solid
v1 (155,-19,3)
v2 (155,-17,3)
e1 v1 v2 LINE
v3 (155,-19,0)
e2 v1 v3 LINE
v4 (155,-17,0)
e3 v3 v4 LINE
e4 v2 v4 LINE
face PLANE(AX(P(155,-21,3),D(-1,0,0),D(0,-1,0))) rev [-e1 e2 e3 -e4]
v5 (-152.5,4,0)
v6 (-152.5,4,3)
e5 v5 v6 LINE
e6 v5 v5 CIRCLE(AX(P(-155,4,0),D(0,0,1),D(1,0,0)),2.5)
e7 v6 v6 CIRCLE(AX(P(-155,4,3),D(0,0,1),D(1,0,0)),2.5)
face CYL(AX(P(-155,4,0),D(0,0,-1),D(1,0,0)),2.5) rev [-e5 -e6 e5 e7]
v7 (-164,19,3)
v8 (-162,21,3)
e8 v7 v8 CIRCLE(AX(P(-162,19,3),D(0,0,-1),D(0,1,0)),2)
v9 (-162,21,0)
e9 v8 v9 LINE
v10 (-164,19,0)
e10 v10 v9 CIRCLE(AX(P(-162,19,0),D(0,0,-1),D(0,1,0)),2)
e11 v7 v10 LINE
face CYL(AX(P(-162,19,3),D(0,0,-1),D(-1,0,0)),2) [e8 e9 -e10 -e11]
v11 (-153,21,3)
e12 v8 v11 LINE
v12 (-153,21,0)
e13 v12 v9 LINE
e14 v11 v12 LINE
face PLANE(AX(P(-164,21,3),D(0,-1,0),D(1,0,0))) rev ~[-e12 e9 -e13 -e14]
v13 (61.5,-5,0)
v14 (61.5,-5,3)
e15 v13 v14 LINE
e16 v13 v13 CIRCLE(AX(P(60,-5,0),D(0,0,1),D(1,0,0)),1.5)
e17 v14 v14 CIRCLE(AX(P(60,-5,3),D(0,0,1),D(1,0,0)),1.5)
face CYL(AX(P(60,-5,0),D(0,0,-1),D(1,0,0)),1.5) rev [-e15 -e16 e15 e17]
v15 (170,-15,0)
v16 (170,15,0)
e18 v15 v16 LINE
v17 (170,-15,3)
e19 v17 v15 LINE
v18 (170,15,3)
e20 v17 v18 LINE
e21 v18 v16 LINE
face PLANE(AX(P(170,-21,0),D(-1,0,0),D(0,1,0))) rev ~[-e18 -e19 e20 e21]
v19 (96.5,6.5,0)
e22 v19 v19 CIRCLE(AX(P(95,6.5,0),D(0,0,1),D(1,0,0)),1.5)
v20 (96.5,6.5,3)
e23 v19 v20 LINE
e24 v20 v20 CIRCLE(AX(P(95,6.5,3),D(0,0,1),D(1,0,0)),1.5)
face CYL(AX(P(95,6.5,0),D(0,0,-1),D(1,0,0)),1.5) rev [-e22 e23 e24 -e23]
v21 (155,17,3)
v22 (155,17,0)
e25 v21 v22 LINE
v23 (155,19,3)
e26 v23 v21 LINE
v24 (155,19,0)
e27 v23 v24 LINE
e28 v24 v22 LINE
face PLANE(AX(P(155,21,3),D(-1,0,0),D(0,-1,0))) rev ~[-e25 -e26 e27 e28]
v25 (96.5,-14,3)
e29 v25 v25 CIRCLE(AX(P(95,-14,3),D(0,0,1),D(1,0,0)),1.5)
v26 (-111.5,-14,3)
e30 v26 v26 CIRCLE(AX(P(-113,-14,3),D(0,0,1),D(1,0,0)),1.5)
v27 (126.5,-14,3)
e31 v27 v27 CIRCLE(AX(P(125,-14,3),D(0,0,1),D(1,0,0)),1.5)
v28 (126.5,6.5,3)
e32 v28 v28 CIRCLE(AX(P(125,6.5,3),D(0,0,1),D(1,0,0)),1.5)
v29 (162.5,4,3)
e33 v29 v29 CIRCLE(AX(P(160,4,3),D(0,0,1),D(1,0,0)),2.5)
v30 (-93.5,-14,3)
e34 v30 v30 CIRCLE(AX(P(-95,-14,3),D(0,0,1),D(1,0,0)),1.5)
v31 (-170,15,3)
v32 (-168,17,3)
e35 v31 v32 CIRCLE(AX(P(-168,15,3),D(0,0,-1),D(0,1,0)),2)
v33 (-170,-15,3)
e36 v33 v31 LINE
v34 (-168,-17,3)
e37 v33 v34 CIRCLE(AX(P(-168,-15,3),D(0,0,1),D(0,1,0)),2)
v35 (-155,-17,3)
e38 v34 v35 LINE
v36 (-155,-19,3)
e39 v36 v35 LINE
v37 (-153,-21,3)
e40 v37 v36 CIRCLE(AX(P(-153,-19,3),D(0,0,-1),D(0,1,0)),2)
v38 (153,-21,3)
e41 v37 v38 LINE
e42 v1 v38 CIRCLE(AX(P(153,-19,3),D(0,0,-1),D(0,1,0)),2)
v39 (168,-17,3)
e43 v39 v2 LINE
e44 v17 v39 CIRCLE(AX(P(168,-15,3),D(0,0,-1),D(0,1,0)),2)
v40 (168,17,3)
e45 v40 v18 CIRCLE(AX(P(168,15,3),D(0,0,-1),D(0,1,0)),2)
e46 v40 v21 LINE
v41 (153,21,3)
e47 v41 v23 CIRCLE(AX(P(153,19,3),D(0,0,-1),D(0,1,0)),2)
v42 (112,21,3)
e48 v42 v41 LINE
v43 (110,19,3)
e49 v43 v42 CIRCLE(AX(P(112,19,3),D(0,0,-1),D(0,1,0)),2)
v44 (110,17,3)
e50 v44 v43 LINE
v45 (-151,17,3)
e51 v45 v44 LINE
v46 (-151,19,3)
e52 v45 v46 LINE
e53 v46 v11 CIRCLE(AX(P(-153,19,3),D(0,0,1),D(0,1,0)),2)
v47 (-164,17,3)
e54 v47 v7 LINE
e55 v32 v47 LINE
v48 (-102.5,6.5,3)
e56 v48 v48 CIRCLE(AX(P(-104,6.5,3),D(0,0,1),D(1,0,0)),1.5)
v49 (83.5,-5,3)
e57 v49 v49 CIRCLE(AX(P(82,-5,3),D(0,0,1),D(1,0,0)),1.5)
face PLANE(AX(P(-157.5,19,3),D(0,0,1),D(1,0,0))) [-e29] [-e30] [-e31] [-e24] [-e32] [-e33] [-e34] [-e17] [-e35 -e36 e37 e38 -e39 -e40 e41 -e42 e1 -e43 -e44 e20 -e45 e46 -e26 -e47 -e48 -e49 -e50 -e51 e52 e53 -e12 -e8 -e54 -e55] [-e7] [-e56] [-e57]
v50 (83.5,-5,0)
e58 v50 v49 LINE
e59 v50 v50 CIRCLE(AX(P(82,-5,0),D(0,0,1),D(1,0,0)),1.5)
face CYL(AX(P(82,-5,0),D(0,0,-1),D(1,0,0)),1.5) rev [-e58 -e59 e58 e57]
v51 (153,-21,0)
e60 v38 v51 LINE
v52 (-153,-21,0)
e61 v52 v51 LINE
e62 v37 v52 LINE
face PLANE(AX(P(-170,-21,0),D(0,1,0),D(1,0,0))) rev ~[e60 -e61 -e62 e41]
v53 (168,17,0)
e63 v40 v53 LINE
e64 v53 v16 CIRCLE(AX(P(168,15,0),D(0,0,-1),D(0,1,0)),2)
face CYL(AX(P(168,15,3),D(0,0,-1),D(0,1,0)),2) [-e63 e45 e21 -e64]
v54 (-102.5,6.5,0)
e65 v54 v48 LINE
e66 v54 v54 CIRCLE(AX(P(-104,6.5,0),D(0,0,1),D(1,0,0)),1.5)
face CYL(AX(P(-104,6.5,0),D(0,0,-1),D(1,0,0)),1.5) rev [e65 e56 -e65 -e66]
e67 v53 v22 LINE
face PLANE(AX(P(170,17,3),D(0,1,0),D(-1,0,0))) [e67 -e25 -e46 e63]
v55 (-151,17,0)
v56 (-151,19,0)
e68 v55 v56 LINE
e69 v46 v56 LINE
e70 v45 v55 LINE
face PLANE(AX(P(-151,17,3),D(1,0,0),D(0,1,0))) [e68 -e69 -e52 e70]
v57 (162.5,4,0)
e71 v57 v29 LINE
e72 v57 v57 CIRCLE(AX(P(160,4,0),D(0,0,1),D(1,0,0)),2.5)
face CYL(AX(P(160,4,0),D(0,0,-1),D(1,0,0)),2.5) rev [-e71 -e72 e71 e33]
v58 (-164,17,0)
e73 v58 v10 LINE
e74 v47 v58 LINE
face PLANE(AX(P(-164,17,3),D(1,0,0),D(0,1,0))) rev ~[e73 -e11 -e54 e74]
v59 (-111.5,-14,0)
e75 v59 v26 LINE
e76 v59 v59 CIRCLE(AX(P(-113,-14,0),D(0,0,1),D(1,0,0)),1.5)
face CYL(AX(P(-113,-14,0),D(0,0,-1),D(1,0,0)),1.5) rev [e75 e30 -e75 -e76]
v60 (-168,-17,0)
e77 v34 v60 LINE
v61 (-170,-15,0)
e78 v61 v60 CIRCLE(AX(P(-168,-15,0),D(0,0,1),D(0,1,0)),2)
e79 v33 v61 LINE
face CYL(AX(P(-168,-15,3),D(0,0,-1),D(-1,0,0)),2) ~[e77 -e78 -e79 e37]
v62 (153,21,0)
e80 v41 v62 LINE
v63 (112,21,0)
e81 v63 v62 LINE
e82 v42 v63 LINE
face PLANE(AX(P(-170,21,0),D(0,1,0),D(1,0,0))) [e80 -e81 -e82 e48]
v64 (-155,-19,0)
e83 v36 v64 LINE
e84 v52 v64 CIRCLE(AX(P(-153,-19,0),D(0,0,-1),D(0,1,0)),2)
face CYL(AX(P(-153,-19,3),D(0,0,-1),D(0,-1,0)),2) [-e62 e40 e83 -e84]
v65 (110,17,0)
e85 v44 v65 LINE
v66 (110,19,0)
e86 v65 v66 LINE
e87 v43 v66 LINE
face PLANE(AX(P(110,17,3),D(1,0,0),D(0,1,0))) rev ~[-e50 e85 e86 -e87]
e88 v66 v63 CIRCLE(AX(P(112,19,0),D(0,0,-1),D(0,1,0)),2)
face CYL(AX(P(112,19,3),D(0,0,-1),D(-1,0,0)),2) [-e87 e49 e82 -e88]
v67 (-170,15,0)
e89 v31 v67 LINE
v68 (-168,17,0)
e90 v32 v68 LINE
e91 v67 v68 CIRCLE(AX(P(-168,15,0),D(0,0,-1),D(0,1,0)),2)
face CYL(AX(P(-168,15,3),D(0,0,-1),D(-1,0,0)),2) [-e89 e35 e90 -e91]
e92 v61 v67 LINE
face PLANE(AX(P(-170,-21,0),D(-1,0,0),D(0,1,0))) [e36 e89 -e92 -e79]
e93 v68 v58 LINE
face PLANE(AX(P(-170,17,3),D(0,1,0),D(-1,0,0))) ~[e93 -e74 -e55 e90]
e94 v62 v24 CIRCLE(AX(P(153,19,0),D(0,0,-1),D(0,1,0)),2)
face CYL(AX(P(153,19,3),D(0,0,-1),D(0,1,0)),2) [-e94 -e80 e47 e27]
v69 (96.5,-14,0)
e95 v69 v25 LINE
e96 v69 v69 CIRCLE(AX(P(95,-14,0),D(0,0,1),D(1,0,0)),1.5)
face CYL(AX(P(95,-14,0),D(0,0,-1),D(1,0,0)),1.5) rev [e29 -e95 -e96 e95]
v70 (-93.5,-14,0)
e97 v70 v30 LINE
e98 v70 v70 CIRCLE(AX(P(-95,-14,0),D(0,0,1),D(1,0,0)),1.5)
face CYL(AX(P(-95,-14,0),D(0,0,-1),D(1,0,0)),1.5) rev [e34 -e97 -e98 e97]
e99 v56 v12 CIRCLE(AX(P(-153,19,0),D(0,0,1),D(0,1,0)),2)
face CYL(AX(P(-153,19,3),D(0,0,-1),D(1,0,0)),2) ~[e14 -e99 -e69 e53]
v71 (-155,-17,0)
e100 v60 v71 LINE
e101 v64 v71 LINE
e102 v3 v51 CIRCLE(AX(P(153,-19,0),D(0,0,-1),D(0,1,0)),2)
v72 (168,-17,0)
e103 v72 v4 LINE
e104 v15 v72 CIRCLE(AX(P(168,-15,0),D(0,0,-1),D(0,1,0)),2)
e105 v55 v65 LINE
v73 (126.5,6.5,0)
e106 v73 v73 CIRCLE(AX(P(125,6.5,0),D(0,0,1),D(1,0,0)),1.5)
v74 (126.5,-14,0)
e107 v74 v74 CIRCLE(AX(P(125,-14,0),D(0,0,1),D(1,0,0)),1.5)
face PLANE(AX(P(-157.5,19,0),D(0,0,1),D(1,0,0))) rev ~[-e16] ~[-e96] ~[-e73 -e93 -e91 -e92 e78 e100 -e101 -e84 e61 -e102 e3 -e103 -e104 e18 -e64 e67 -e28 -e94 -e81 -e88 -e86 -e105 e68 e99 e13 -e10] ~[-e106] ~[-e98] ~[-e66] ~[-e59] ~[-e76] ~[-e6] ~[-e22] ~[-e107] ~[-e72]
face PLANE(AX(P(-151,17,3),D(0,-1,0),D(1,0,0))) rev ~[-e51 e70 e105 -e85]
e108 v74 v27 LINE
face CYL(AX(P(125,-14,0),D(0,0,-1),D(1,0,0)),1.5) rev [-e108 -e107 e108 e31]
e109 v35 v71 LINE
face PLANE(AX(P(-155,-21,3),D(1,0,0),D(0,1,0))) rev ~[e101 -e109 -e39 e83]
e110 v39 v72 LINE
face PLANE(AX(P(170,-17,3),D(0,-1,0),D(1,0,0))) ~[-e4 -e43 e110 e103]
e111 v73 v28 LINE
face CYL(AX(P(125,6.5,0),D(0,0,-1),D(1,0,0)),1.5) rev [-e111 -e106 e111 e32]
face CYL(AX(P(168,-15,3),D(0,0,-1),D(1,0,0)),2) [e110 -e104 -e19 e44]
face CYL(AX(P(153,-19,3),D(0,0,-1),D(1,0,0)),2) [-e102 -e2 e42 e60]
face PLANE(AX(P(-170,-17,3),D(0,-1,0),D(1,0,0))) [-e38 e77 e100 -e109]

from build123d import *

# Parameters (mm, degrees)
CROQUIS1_W                                 = 340
CROQUIS1_H                                 = 42
CROQUIS1_R                                 = 2.5
CROQUIS1_R_2                               = 1.5
SALIENTE_EXTRUIR1_DEPTH                    = 3
CROQUIS2_W                                 = 15
CROQUIS2_H                                 = 4
CORTAR_EXTRUIR1_DEPTH                      = 172.31841699
SIMETR_A1_AT_THE_SECOND_PLANE_COPY_1_SKE_W = 15
SIMETR_A1_AT_THE_SECOND_PLANE_COPY_1_SKE_H = 4
SIMETR_A1_AT_THE_SECOND_PLANE_COPY_1_DEPTH = 172.31841699
REDONDEO1_R                                = 2
CROQUIS3_W                                 = 261
CROQUIS3_H                                 = 11.873622062
CORTAR_EXTRUIR2_DEPTH                      = 172.31841699
CROQUIS7_W                                 = 13
CROQUIS7_H                                 = 4
SALIENTE_EXTRUIR3_DEPTH                    = 3
REDONDEO2_R                                = 2


with BuildPart() as part:
    # Croquis1 → Saliente-Extruir1 (new body)
    with BuildSketch(Plane.XY):
        Rectangle(CROQUIS1_W, CROQUIS1_H)
        with Locations((160, 4)):
            Circle(CROQUIS1_R, mode=Mode.SUBTRACT)
        with Locations((95, 6.5)):
            Circle(CROQUIS1_R_2, mode=Mode.SUBTRACT)
        with Locations((125, -14)):
            Circle(CROQUIS1_R_2, mode=Mode.SUBTRACT)
        with Locations((95, -14)):
            Circle(CROQUIS1_R_2, mode=Mode.SUBTRACT)
        with Locations((125, 6.5)):
            Circle(CROQUIS1_R_2, mode=Mode.SUBTRACT)
        with Locations((-113, -14)):
            Circle(CROQUIS1_R_2, mode=Mode.SUBTRACT)
        with Locations((-104, 6.5)):
            Circle(CROQUIS1_R_2, mode=Mode.SUBTRACT)
        with Locations((-95, -14)):
            Circle(CROQUIS1_R_2, mode=Mode.SUBTRACT)
        with Locations((-155, 4)):
            Circle(CROQUIS1_R, mode=Mode.SUBTRACT)
        with Locations((82, -5)):
            Circle(CROQUIS1_R_2, mode=Mode.SUBTRACT)
        with Locations((60, -5)):
            Circle(CROQUIS1_R_2, mode=Mode.SUBTRACT)
    extrude(amount=SALIENTE_EXTRUIR1_DEPTH)

    # Croquis2 → Cortar-Extruir1 (cut, through all)
    with BuildSketch(Plane.XY.offset(3)):
        with Locations((-162.5, -19)):
            Rectangle(CROQUIS2_W, CROQUIS2_H)
    cortar_extruir1 = extrude(amount=-CORTAR_EXTRUIR1_DEPTH, mode=Mode.SUBTRACT)

    # Simetría1: Cortar-Extruir1 across plane
    add(cortar_extruir1.mirror(Plane.ZX), mode=Mode.SUBTRACT)

    # Simetría1 at the second plane: Cortar-Extruir1 across plane
    add(cortar_extruir1.mirror(Plane(origin=(0, 0, 0), x_dir=(0, 0, 1), z_dir=(1, 0, 0))), mode=Mode.SUBTRACT)

    # Simetría1 at the second plane copy 1 ske → Simetría1 at the second plane copy 1 (cut, through all)
    with BuildSketch(Plane(origin=(0, 0, 3), x_dir=(-1, 0, 0), z_dir=(0, 0, 1))):
        with Locations((-162.5, -19)):
            Rectangle(SIMETR_A1_AT_THE_SECOND_PLANE_COPY_1_SKE_W, SIMETR_A1_AT_THE_SECOND_PLANE_COPY_1_SKE_H)
    extrude(amount=-SIMETR_A1_AT_THE_SECOND_PLANE_COPY_1_DEPTH, mode=Mode.SUBTRACT)

    # Redondeo1
    redondeo1_edges = [part.edges().sort_by_distance(p)[0] for p in [
        (170, 17, 1.5),
        (155, 21, 1.5),
        (-170, -17, 1.5),
        (-155, -21, 1.5),
        (170, -17, 1.5),
        (155, -21, 1.5),
        (-170, 17, 1.5),
    ]]
    fillet(redondeo1_edges, radius=REDONDEO1_R)

    # Croquis3 → Cortar-Extruir2 (cut, through all)
    with BuildSketch(Plane.XY.offset(3)):
        with Locations((-20.5, 22.936811031)):
            Rectangle(CROQUIS3_W, CROQUIS3_H)
    extrude(amount=-CORTAR_EXTRUIR2_DEPTH, mode=Mode.SUBTRACT)

    # Croquis7 → Saliente-Extruir3 (add)
    with BuildSketch(Plane.XY.offset(3)):
        with Locations((-157.5, 19)):
            Rectangle(CROQUIS7_W, CROQUIS7_H)
    extrude(amount=-SALIENTE_EXTRUIR3_DEPTH)

    # Redondeo2
    redondeo2_edges = [part.edges().sort_by_distance(p)[0] for p in [
        (110, 21, 1.5),
        (-151, 21, 1.5),
        (-164, 21, 1.5),
    ]]
    fillet(redondeo2_edges, radius=REDONDEO2_R)


solid = part.part
